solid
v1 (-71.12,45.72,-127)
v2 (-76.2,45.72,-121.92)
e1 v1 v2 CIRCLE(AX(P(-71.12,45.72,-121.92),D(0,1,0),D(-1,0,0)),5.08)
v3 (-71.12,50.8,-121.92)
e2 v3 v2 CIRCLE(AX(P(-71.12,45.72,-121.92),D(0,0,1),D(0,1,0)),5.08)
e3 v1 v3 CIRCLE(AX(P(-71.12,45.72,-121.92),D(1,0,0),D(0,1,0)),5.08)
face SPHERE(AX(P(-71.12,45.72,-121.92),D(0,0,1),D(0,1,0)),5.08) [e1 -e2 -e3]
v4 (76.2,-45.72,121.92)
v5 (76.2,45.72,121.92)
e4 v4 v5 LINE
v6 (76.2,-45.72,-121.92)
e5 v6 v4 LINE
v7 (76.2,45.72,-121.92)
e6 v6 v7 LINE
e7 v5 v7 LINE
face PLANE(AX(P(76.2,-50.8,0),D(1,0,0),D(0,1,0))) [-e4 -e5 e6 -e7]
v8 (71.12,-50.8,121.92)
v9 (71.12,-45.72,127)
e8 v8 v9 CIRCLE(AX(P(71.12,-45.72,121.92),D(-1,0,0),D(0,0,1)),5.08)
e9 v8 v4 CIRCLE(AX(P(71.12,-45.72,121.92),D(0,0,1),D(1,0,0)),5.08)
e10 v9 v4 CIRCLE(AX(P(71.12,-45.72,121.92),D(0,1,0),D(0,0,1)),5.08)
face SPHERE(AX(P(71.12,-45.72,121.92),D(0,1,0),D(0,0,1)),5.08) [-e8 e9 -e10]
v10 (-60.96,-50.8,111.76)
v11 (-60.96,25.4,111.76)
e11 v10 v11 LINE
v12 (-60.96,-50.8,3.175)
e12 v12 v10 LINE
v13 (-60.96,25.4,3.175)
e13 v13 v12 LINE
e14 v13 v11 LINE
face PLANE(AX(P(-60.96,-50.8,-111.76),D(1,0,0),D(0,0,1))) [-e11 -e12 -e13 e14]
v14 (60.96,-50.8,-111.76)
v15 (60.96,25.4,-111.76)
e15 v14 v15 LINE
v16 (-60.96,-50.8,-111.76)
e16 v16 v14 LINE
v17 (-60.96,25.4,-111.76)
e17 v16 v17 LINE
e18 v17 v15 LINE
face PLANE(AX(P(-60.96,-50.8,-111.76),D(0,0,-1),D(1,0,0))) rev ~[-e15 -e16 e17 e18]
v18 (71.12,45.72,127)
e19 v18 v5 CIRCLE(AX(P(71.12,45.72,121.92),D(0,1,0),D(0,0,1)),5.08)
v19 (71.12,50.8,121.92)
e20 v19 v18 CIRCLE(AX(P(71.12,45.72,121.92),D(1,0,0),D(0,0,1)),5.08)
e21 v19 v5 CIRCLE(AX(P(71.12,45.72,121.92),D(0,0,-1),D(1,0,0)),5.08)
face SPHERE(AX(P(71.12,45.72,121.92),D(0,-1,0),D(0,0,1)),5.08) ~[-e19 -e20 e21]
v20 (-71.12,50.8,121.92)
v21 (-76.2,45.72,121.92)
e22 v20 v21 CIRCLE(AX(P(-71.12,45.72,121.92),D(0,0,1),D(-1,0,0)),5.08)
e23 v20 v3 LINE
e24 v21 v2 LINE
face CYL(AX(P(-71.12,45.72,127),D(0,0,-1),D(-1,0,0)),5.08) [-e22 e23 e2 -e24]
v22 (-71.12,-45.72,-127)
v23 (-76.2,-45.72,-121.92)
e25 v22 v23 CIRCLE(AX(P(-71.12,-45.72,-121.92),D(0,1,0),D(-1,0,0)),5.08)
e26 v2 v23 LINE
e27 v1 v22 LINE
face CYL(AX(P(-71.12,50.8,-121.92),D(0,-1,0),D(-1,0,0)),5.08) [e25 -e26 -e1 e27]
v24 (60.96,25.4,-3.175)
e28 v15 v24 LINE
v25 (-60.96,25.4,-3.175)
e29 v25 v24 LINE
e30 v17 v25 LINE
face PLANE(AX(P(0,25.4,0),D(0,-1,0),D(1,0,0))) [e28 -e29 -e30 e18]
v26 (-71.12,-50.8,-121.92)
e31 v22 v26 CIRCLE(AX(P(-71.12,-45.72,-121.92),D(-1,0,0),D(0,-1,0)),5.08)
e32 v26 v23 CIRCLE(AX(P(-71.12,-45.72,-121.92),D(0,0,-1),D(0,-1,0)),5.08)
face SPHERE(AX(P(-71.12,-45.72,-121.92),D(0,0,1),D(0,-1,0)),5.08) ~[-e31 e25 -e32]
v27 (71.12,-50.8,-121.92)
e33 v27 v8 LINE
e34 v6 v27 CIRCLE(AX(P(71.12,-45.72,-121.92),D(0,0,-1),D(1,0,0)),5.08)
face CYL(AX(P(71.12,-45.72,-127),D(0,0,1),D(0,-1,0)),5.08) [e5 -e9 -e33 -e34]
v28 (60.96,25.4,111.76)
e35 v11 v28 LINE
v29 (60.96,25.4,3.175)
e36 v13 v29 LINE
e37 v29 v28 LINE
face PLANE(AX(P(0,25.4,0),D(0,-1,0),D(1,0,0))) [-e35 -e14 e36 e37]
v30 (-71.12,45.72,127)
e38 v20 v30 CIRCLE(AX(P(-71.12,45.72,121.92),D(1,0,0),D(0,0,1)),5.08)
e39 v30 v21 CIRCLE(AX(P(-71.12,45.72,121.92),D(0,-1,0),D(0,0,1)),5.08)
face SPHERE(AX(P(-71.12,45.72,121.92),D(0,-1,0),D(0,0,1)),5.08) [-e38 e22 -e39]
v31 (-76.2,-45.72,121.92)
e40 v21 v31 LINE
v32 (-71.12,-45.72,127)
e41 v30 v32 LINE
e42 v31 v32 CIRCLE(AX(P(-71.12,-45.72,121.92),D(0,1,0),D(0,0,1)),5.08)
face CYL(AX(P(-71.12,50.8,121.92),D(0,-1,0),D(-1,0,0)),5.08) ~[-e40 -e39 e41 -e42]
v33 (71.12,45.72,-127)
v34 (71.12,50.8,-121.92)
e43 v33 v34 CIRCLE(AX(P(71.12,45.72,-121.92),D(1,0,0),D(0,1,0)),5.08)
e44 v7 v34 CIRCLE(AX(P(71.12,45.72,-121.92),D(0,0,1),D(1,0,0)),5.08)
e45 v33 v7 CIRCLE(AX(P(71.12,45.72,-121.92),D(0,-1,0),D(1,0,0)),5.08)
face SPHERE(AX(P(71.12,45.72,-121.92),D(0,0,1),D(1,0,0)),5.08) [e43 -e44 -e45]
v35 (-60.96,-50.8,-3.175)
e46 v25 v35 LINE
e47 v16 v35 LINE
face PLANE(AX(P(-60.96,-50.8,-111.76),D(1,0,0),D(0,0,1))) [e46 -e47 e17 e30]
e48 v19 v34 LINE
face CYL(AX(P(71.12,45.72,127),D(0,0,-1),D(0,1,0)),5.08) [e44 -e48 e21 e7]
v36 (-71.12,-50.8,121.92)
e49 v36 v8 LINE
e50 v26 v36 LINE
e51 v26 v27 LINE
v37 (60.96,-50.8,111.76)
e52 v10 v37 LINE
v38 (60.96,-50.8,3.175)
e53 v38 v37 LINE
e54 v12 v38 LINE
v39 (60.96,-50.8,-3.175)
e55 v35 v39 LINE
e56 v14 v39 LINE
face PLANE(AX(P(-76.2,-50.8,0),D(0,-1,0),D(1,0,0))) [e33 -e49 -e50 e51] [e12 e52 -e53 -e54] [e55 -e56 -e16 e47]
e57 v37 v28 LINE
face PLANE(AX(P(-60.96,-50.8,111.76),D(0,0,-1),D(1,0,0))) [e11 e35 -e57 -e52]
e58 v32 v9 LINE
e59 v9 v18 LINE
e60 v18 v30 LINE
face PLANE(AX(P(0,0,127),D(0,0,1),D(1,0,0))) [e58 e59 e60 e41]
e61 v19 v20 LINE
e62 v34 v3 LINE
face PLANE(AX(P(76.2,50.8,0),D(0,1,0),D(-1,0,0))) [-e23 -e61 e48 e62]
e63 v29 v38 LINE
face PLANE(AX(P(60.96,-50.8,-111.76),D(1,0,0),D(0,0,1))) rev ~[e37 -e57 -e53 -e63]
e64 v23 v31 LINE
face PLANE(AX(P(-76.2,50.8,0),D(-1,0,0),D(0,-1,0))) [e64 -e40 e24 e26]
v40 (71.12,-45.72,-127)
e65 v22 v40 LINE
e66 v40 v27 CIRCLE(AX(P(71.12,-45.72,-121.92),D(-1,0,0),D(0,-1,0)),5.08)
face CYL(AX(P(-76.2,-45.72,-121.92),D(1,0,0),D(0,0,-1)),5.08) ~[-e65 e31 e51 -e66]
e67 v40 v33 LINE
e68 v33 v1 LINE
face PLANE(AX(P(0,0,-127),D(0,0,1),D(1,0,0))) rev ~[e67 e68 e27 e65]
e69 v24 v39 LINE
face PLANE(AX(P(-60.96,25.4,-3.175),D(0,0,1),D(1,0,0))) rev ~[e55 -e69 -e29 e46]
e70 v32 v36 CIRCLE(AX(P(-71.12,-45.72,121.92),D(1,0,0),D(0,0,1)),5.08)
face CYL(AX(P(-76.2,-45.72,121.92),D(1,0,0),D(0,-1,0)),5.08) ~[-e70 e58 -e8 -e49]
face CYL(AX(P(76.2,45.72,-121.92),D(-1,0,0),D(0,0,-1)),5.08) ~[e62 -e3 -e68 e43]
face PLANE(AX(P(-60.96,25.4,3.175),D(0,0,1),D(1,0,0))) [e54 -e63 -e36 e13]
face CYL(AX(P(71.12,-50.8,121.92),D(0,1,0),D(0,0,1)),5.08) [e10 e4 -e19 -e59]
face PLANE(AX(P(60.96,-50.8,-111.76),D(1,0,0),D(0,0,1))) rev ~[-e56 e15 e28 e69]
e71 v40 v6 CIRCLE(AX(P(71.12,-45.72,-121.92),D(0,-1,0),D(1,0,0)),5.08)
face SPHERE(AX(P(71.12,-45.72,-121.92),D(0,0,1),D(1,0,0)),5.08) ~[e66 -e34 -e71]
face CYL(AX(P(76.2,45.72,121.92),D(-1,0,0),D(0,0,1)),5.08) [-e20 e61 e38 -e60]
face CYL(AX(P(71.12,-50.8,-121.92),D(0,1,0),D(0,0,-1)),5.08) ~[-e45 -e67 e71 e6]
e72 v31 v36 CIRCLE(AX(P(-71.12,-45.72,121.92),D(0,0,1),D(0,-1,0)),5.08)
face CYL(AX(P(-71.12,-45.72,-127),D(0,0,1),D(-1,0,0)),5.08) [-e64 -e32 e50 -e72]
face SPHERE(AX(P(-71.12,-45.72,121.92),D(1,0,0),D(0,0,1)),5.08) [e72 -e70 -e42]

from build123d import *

# Parameters (mm, degrees)
F1_DEPTH = 127
F2_W     = 121.92
F2_H     = 223.52
F3_DEPTH = 76.2
F4_R     = 5.08
F5_W     = 121.92
F5_H     = 6.35
F6_DEPTH = 76.2


with BuildPart() as f1:
    # F0 (on Top) → F1 (new body, symmetric)
    with BuildSketch(Plane.XY):
        Polygon((-76.2, 50.8), (-76.2, -50.8), (-68.293229, -50.8), (68.293229, -50.8), (76.2, -50.8), (76.2, 50.8), align=None)
    extrude(amount=F1_DEPTH, both=True)

    # F2 (on face) → F3 (cut)
    with BuildSketch(Plane.XZ.offset(50.8)):
        Rectangle(F2_W, F2_H)
    extrude(amount=-F3_DEPTH, mode=Mode.SUBTRACT)

    # F4
    f4_edges = [f1.edges().sort_by_distance(p)[0] for p in [
        (76.2, 0, 127),
        (0, -50.8, 127),
        (-76.2, 0, 127),
        (0, 50.8, 127),
        (76.2, -50.8, 0),
        (-76.2, -50.8, 0),
        (76.2, 50.8, 0),
        (76.2, 0, -127),
        (0, -50.8, -127),
        (-76.2, 50.8, 0),
        (0, 50.8, -127),
        (-76.2, 0, -127),
    ]]
    fillet(f4_edges, radius=F4_R)

    # F5 (on face) → F6 (join)
    with BuildSketch(Plane.XZ.offset(-25.4)):
        Rectangle(F5_W, F5_H)
    extrude(amount=F6_DEPTH)


solid = f1.part
